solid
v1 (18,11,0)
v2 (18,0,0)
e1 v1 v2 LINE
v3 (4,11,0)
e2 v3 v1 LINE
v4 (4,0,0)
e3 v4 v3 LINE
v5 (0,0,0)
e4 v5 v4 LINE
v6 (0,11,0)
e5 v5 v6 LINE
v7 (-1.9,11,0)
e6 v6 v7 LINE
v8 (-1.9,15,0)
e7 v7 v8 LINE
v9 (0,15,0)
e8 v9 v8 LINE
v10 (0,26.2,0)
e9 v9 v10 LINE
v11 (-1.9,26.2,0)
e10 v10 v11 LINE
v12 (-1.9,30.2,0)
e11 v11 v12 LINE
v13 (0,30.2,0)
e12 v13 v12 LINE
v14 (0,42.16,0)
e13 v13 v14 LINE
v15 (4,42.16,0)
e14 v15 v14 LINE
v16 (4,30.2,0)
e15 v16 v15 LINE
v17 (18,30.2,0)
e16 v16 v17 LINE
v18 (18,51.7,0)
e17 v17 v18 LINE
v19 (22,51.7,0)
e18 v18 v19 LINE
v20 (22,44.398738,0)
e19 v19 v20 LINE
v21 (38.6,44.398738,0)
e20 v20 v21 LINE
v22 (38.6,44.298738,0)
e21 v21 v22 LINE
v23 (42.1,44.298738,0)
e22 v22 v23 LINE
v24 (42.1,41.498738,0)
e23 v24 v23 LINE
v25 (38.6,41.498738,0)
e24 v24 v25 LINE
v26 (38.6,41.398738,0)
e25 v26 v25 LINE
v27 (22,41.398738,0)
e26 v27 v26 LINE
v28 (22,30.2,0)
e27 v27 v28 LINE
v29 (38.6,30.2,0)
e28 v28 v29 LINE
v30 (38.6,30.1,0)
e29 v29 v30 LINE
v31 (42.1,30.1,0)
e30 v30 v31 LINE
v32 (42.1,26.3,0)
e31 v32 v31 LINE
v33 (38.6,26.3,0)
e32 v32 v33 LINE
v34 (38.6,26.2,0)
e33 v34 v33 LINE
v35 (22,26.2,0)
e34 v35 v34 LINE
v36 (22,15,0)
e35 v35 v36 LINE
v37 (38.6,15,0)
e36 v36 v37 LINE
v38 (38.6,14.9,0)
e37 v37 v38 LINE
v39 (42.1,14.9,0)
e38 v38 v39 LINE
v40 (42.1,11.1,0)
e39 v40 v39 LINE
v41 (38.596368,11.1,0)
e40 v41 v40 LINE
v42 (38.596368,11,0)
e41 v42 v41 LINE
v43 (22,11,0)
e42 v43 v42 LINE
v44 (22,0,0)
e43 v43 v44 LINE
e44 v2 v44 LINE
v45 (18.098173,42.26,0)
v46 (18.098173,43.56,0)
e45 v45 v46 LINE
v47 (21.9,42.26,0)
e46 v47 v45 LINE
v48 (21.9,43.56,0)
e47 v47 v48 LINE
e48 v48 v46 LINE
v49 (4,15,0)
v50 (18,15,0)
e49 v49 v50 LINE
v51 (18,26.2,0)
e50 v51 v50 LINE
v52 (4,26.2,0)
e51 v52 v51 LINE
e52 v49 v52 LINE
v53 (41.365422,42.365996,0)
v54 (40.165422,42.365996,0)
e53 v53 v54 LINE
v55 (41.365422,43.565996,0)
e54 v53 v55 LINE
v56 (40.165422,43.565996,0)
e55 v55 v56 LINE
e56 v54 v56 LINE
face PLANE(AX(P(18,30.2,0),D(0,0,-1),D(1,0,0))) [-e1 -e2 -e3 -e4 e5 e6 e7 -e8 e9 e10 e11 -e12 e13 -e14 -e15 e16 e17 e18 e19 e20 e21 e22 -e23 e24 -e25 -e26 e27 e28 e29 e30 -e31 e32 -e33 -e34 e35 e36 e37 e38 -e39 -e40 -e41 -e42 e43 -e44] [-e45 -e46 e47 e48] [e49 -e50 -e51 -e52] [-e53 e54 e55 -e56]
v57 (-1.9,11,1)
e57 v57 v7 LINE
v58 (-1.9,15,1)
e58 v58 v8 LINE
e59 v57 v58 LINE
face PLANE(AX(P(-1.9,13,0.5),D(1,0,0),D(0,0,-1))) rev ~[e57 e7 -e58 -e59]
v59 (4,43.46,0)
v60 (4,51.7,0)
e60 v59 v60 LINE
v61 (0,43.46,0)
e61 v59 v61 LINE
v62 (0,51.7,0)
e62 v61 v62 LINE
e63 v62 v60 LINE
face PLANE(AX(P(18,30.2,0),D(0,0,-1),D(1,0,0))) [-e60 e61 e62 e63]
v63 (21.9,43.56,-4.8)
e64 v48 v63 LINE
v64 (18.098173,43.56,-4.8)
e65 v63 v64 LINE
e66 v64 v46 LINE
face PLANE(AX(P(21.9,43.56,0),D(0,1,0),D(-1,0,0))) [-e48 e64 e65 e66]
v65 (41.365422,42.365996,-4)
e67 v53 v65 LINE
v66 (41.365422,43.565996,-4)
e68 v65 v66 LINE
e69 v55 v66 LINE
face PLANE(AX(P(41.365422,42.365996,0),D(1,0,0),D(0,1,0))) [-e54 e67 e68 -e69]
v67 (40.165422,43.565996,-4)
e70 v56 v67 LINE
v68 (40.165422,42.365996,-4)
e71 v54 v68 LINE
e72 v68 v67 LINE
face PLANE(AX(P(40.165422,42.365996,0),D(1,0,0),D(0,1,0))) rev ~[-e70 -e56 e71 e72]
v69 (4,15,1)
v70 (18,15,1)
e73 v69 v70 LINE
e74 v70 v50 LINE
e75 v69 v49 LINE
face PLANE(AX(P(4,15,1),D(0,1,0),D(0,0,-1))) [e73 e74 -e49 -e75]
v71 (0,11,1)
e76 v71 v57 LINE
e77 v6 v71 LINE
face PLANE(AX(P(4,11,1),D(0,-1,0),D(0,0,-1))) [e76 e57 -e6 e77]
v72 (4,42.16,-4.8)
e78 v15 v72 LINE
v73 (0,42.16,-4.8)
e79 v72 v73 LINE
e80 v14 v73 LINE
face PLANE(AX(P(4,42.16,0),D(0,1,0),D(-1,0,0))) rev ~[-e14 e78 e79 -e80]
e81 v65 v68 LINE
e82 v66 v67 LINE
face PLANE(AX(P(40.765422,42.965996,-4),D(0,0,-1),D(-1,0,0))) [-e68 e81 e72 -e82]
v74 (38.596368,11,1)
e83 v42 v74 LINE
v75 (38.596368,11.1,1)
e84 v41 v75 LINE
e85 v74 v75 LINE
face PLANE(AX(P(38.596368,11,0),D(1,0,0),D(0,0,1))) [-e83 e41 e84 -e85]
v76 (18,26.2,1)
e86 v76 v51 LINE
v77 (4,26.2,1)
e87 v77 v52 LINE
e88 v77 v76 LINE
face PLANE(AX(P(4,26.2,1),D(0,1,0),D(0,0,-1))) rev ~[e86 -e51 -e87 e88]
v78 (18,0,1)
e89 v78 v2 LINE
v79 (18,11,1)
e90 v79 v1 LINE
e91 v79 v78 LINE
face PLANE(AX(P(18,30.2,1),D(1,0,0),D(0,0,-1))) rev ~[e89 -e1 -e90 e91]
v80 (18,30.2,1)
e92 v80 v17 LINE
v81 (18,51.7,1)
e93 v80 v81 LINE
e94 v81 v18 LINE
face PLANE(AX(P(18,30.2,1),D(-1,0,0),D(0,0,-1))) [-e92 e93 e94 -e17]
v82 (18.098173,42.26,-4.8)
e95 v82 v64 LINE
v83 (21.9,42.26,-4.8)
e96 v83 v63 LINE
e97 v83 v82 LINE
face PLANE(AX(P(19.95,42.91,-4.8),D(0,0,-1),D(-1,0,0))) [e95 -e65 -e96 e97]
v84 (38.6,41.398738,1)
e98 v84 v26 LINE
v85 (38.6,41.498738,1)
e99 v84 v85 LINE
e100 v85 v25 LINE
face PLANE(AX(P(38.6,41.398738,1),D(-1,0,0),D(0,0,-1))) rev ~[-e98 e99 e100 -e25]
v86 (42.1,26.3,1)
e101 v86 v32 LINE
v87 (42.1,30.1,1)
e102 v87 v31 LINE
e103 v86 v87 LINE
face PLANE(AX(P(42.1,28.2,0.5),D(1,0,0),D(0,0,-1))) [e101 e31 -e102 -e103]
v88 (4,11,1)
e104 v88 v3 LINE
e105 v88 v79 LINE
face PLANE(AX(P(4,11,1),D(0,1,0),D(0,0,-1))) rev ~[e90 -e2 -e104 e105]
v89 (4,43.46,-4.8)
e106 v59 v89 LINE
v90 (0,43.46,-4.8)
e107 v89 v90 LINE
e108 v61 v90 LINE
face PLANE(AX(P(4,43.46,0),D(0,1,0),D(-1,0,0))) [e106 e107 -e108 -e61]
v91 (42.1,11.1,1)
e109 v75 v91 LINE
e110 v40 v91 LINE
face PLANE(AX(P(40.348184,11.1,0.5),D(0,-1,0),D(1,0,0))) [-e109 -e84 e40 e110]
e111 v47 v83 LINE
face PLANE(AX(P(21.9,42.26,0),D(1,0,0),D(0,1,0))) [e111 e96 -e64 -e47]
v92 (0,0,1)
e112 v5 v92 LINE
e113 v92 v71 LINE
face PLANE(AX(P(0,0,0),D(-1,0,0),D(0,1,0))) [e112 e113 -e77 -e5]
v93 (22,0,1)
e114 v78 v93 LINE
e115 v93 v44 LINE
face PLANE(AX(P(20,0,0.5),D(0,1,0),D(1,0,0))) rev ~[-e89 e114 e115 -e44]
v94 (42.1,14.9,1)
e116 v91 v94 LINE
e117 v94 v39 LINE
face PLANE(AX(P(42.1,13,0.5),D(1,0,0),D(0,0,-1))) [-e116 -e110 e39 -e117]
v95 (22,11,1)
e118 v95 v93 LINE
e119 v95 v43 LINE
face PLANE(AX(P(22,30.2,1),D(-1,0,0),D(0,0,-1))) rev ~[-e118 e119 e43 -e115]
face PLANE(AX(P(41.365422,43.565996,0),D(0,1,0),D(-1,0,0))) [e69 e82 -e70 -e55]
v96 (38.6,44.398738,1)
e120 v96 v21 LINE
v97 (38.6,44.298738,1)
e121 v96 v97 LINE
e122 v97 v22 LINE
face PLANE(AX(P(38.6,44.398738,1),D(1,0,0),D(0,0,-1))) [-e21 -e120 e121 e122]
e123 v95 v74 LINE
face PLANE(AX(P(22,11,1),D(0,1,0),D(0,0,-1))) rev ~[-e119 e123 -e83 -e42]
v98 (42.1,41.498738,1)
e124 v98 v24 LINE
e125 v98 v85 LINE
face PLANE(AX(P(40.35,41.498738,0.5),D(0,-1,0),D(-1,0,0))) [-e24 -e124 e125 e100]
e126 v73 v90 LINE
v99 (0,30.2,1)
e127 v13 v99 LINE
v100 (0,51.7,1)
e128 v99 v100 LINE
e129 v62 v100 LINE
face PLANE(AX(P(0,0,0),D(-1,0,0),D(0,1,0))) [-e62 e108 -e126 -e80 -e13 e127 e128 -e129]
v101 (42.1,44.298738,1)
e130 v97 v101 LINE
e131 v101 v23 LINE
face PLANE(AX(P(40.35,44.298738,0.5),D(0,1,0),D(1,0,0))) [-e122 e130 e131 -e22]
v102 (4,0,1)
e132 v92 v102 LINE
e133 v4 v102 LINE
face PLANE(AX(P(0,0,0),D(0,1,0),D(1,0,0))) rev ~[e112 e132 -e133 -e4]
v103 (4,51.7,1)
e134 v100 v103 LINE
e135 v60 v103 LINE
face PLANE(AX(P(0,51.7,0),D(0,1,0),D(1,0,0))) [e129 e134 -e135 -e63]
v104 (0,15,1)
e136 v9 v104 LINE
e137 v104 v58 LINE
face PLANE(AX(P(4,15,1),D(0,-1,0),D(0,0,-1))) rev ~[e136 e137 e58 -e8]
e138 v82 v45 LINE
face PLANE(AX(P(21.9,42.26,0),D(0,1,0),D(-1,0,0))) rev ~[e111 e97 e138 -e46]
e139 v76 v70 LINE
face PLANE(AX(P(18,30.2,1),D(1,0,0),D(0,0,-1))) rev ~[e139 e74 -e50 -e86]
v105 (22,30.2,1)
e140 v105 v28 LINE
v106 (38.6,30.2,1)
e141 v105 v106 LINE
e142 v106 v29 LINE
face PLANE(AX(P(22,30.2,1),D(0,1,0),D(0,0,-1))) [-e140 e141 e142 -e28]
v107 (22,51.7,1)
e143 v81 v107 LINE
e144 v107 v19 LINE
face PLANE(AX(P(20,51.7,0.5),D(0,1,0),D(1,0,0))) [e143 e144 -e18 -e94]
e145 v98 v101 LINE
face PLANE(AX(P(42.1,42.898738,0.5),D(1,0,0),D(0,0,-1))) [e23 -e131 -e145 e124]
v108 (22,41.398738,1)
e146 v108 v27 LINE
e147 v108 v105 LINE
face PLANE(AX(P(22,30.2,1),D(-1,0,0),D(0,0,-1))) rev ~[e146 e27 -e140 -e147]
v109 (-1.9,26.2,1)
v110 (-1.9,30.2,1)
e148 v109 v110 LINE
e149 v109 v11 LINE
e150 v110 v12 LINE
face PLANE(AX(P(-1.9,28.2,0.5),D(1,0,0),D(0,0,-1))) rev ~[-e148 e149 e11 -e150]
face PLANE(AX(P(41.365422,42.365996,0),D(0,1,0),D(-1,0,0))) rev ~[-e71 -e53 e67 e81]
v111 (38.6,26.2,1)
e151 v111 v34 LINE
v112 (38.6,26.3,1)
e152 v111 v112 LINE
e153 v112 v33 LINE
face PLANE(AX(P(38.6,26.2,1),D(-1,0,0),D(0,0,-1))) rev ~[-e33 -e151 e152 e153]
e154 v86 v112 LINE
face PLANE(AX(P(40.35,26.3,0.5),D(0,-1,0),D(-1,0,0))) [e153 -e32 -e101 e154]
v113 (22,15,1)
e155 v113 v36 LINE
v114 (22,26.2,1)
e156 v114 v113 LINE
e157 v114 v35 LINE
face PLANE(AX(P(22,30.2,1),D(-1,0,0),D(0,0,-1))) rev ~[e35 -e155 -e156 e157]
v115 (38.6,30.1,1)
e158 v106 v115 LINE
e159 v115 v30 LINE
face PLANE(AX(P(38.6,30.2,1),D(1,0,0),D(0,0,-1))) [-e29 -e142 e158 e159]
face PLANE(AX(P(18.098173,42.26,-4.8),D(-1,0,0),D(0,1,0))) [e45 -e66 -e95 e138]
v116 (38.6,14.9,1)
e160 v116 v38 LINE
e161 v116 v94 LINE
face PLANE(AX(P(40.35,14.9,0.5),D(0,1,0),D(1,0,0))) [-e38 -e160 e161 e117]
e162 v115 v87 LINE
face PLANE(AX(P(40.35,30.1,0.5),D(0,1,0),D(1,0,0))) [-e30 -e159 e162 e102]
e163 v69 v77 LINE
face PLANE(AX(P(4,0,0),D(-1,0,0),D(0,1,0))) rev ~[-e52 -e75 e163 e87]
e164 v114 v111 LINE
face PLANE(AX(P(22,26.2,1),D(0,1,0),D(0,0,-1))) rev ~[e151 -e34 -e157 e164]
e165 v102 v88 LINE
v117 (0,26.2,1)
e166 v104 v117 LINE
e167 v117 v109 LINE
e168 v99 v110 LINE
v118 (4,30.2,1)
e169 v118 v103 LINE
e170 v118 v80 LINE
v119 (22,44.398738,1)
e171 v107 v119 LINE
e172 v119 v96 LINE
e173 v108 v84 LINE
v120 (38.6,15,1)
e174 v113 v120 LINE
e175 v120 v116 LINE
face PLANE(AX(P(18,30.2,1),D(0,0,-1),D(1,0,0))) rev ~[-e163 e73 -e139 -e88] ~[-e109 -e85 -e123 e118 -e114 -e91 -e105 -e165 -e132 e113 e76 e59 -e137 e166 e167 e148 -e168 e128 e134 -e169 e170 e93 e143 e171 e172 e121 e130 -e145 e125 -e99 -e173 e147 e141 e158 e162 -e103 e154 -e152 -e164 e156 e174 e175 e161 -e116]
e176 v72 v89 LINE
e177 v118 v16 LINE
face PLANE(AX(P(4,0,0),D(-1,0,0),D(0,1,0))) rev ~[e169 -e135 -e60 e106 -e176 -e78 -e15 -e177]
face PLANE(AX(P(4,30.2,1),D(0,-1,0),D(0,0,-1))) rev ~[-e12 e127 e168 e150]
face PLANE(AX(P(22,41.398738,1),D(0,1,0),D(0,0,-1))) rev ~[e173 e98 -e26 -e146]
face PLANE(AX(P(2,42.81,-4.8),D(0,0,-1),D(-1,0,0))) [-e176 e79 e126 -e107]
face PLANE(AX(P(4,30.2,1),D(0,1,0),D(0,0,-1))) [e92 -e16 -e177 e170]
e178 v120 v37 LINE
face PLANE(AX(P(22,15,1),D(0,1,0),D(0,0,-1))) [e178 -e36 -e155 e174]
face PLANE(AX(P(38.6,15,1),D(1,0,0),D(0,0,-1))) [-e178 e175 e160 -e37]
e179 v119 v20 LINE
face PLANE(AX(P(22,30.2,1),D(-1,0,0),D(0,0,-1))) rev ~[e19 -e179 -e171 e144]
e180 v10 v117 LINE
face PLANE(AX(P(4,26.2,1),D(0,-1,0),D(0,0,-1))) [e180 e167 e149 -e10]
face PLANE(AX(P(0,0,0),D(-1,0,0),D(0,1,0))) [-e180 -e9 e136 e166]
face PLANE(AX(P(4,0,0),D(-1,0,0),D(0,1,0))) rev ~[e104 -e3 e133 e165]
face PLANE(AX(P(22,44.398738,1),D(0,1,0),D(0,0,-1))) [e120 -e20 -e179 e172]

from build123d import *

# Parameters (mm, degrees)
SCHIZZO1_W                        = 4
SCHIZZO1_H                        = 51.7
ESTRUSIONE_ESTRUSIONE1_DEPTH      = 1
SCHIZZO2_W                        = 1
SCHIZZO2_H                        = 4
ESTRUSIONE_ESTRUSIONE2_DEPTH      = 18
ESTRUSIONE_ESTRUSIONE2_DEPTH_BACK = 5.9
SCHIZZO3_W                        = 1
SCHIZZO3_H                        = 4
ESTRUSIONE_ESTRUSIONE3_DEPTH      = 18
ESTRUSIONE_ESTRUSIONE3_DEPTH_BACK = 5.9
SCHIZZO4_W                        = 4
SCHIZZO4_H                        = 1
ESTRUSIONE_ESTRUSIONE4_DEPTH      = 21.5
ESTRUSIONE_ESTRUSIONE4_DEPTH_BACK = 30.2
SCHIZZO5_W                        = 1
SCHIZZO5_H                        = 3
ESTRUSIONE_ESTRUSIONE5_DEPTH      = 21
SCHIZZO7_W                        = 1
SCHIZZO7_H                        = 4
ESTRUSIONE_ESTRUSIONE6_DEPTH      = 21
SCHIZZO8_W                        = 1
SCHIZZO8_H                        = 4
ESTRUSIONE_ESTRUSIONE7_DEPTH      = 21
SCHIZZO10_W                       = 4
SCHIZZO10_H                       = 1.3
ESTRUSIONE_ESTRUSIONE9_DEPTH      = 4.8
SCHIZZO11_W                       = 3.9
SCHIZZO11_H                       = 1.3
ESTRUSIONE_ESTRUSIONE10_DEPTH     = 4.8
SCHIZZO12_W                       = 1.2
SCHIZZO12_H                       = 1.2
ESTRUSIONE_ESTRUSIONE11_DEPTH     = 4
SCHIZZO13_W                       = 1
SCHIZZO13_H                       = 4
TAGLIO_ESTRUSIONE1_DEPTH          = 0.9
SCHIZZO14_W                       = 1
SCHIZZO14_H                       = 4
TAGLIO_ESTRUSIONE2_DEPTH          = 0.9
SCHIZZO15_W                       = 1
SCHIZZO15_H                       = 3
TAGLIO_ESTRUSIONE3_DEPTH          = 0.9
SCHIZZO16_W                       = 3.503631624
SCHIZZO16_H                       = 1
TAGLIO_ESTRUSIONE4_DEPTH          = 0.1
SCHIZZO17_W                       = 3.5
SCHIZZO17_H                       = 1
TAGLIO_ESTRUSIONE5_DEPTH          = 0.1
SCHIZZO18_W                       = 3.5
SCHIZZO18_H                       = 1
TAGLIO_ESTRUSIONE6_DEPTH          = 0.1
SCHIZZO19_W                       = 3.5
SCHIZZO19_H                       = 1
TAGLIO_ESTRUSIONE7_DEPTH          = 0.1
SCHIZZO20_W                       = 3.5
SCHIZZO20_H                       = 1
TAGLIO_ESTRUSIONE8_DEPTH          = 0.1
SCHIZZO21_W                       = 3.5
SCHIZZO21_H                       = 1
TAGLIO_ESTRUSIONE9_DEPTH          = 0.1
SCHIZZO22_W                       = 0.098173234
SCHIZZO22_H                       = 1.3
TAGLIO_ESTRUSIONE10_DEPTH         = 4.8


with BuildPart() as part:
    # Schizzo1 → Estrusione-Estrusione1 (new body)
    with BuildSketch(Plane.XY):
        with Locations((2, 25.85)):
            Rectangle(SCHIZZO1_W, SCHIZZO1_H)
    extrude(amount=ESTRUSIONE_ESTRUSIONE1_DEPTH)

    # Schizzo2 → Estrusione-Estrusione2 (add, two sides)
    with BuildSketch(Plane(origin=(4, 0, 0), x_dir=(0, 0, -1), z_dir=(1, 0, 0))) as estrusione_estrusione2_sk:
        with Locations((-0.5, 28.2)):
            Rectangle(SCHIZZO2_W, SCHIZZO2_H)
    extrude(amount=ESTRUSIONE_ESTRUSIONE2_DEPTH)
    extrude(estrusione_estrusione2_sk.sketch, amount=-ESTRUSIONE_ESTRUSIONE2_DEPTH_BACK)

    # Schizzo3 → Estrusione-Estrusione3 (add, two sides)
    with BuildSketch(Plane(origin=(4, 0, 0), x_dir=(0, 0, -1), z_dir=(1, 0, 0))) as estrusione_estrusione3_sk:
        with Locations((-0.5, 13)):
            Rectangle(SCHIZZO3_W, SCHIZZO3_H)
    extrude(amount=ESTRUSIONE_ESTRUSIONE3_DEPTH)
    extrude(estrusione_estrusione3_sk.sketch, amount=-ESTRUSIONE_ESTRUSIONE3_DEPTH_BACK)

    # Schizzo4 → Estrusione-Estrusione4 (add, two sides)
    with BuildSketch(Plane(origin=(0, 30.2, 0), x_dir=(1, 0, 0), z_dir=(0, 1, 0))) as estrusione_estrusione4_sk:
        with Locations((20, -0.5)):
            Rectangle(SCHIZZO4_W, SCHIZZO4_H)
    extrude(amount=ESTRUSIONE_ESTRUSIONE4_DEPTH)
    extrude(estrusione_estrusione4_sk.sketch, amount=-ESTRUSIONE_ESTRUSIONE4_DEPTH_BACK)

    # Schizzo5 → Estrusione-Estrusione5 (add)
    with BuildSketch(Plane(origin=(22, 0, 0), x_dir=(0, 0, -1), z_dir=(1, 0, 0))):
        with Locations((-0.5, 42.898738045)):
            Rectangle(SCHIZZO5_W, SCHIZZO5_H)
    extrude(amount=ESTRUSIONE_ESTRUSIONE5_DEPTH)

    # Schizzo7 → Estrusione-Estrusione6 (add)
    with BuildSketch(Plane(origin=(22, 0, 0), x_dir=(0, 0, -1), z_dir=(1, 0, 0))):
        with Locations((-0.5, 13)):
            Rectangle(SCHIZZO7_W, SCHIZZO7_H)
    extrude(amount=ESTRUSIONE_ESTRUSIONE6_DEPTH)

    # Schizzo8 → Estrusione-Estrusione7 (add)
    with BuildSketch(Plane(origin=(22, 0, 0), x_dir=(0, 0, -1), z_dir=(1, 0, 0))):
        with Locations((-0.5, 28.2)):
            Rectangle(SCHIZZO8_W, SCHIZZO8_H)
    extrude(amount=ESTRUSIONE_ESTRUSIONE7_DEPTH)

    # Schizzo10 → Estrusione-Estrusione9 (add)
    with BuildSketch(Plane(origin=(0, 0, 0), x_dir=(-1, 0, 0), z_dir=(0, 0, -1))):
        with Locations((-2, 42.81)):
            Rectangle(SCHIZZO10_W, SCHIZZO10_H)
    extrude(amount=ESTRUSIONE_ESTRUSIONE9_DEPTH)

    # Schizzo11 → Estrusione-Estrusione10 (add)
    with BuildSketch(Plane(origin=(0, 0, 0), x_dir=(-1, 0, 0), z_dir=(0, 0, -1))):
        with Locations((-19.95, 42.91)):
            Rectangle(SCHIZZO11_W, SCHIZZO11_H)
    extrude(amount=ESTRUSIONE_ESTRUSIONE10_DEPTH)

    # Schizzo12 → Estrusione-Estrusione11 (add)
    with BuildSketch(Plane(origin=(0, 0, 0), x_dir=(-1, 0, 0), z_dir=(0, 0, -1))):
        with Locations((-40.765421969, 42.965995875)):
            Rectangle(SCHIZZO12_W, SCHIZZO12_H)
    extrude(amount=ESTRUSIONE_ESTRUSIONE11_DEPTH)

    # Schizzo13 → Taglio-Estrusione1 (cut)
    with BuildSketch(Plane(origin=(43, 0, 0), x_dir=(0, 0, -1), z_dir=(1, 0, 0))):
        with Locations((-0.5, 28.2)):
            Rectangle(SCHIZZO13_W, SCHIZZO13_H)
    extrude(amount=-TAGLIO_ESTRUSIONE1_DEPTH, mode=Mode.SUBTRACT)

    # Schizzo14 → Taglio-Estrusione2 (cut)
    with BuildSketch(Plane(origin=(43, 0, 0), x_dir=(0, 0, -1), z_dir=(1, 0, 0))):
        with Locations((-0.5, 13)):
            Rectangle(SCHIZZO14_W, SCHIZZO14_H)
    extrude(amount=-TAGLIO_ESTRUSIONE2_DEPTH, mode=Mode.SUBTRACT)

    # Schizzo15 → Taglio-Estrusione3 (cut)
    with BuildSketch(Plane(origin=(43, 0, 0), x_dir=(0, 0, -1), z_dir=(1, 0, 0))):
        with Locations((-0.5, 42.898738045)):
            Rectangle(SCHIZZO15_W, SCHIZZO15_H)
    extrude(amount=-TAGLIO_ESTRUSIONE3_DEPTH, mode=Mode.SUBTRACT)

    # Schizzo16 → Taglio-Estrusione4 (cut)
    with BuildSketch(Plane.XZ.offset(-11)):
        with Locations((40.348184188, 0.5)):
            Rectangle(SCHIZZO16_W, SCHIZZO16_H)
    extrude(amount=-TAGLIO_ESTRUSIONE4_DEPTH, mode=Mode.SUBTRACT)

    # Schizzo17 → Taglio-Estrusione5 (cut)
    with BuildSketch(Plane(origin=(0, 15, 0), x_dir=(1, 0, 0), z_dir=(0, 1, 0))):
        with Locations((40.35, -0.5)):
            Rectangle(SCHIZZO17_W, SCHIZZO17_H)
    extrude(amount=-TAGLIO_ESTRUSIONE5_DEPTH, mode=Mode.SUBTRACT)

    # Schizzo18 → Taglio-Estrusione6 (cut)
    with BuildSketch(Plane(origin=(0, 30.2, 0), x_dir=(1, 0, 0), z_dir=(0, 1, 0))):
        with Locations((40.35, -0.5)):
            Rectangle(SCHIZZO18_W, SCHIZZO18_H)
    extrude(amount=-TAGLIO_ESTRUSIONE6_DEPTH, mode=Mode.SUBTRACT)

    # Schizzo19 → Taglio-Estrusione7 (cut)
    with BuildSketch(Plane(origin=(0, 26.2, 0), x_dir=(-1, 0, 0), z_dir=(0, -1, 0))):
        with Locations((-40.35, -0.5)):
            Rectangle(SCHIZZO19_W, SCHIZZO19_H)
    extrude(amount=-TAGLIO_ESTRUSIONE7_DEPTH, mode=Mode.SUBTRACT)

    # Schizzo20 → Taglio-Estrusione8 (cut)
    with BuildSketch(Plane(origin=(0, 41.398738045, 0), x_dir=(-1, 0, 0), z_dir=(0, -1, 0))):
        with Locations((-40.35, -0.5)):
            Rectangle(SCHIZZO20_W, SCHIZZO20_H)
    extrude(amount=-TAGLIO_ESTRUSIONE8_DEPTH, mode=Mode.SUBTRACT)

    # Schizzo21 → Taglio-Estrusione9 (cut)
    with BuildSketch(Plane(origin=(0, 44.398738045, 0), x_dir=(1, 0, 0), z_dir=(0, 1, 0))):
        with Locations((40.35, -0.5)):
            Rectangle(SCHIZZO21_W, SCHIZZO21_H)
    extrude(amount=-TAGLIO_ESTRUSIONE9_DEPTH, mode=Mode.SUBTRACT)

    # Schizzo22 → Taglio-Estrusione10 (cut)
    with BuildSketch(Plane(origin=(0, 0, -4.8), x_dir=(-1, 0, 0), z_dir=(0, 0, -1))):
        with Locations((-18.049086617, 42.91)):
            Rectangle(SCHIZZO22_W, SCHIZZO22_H)
    extrude(amount=-TAGLIO_ESTRUSIONE10_DEPTH, mode=Mode.SUBTRACT)


solid = part.part
